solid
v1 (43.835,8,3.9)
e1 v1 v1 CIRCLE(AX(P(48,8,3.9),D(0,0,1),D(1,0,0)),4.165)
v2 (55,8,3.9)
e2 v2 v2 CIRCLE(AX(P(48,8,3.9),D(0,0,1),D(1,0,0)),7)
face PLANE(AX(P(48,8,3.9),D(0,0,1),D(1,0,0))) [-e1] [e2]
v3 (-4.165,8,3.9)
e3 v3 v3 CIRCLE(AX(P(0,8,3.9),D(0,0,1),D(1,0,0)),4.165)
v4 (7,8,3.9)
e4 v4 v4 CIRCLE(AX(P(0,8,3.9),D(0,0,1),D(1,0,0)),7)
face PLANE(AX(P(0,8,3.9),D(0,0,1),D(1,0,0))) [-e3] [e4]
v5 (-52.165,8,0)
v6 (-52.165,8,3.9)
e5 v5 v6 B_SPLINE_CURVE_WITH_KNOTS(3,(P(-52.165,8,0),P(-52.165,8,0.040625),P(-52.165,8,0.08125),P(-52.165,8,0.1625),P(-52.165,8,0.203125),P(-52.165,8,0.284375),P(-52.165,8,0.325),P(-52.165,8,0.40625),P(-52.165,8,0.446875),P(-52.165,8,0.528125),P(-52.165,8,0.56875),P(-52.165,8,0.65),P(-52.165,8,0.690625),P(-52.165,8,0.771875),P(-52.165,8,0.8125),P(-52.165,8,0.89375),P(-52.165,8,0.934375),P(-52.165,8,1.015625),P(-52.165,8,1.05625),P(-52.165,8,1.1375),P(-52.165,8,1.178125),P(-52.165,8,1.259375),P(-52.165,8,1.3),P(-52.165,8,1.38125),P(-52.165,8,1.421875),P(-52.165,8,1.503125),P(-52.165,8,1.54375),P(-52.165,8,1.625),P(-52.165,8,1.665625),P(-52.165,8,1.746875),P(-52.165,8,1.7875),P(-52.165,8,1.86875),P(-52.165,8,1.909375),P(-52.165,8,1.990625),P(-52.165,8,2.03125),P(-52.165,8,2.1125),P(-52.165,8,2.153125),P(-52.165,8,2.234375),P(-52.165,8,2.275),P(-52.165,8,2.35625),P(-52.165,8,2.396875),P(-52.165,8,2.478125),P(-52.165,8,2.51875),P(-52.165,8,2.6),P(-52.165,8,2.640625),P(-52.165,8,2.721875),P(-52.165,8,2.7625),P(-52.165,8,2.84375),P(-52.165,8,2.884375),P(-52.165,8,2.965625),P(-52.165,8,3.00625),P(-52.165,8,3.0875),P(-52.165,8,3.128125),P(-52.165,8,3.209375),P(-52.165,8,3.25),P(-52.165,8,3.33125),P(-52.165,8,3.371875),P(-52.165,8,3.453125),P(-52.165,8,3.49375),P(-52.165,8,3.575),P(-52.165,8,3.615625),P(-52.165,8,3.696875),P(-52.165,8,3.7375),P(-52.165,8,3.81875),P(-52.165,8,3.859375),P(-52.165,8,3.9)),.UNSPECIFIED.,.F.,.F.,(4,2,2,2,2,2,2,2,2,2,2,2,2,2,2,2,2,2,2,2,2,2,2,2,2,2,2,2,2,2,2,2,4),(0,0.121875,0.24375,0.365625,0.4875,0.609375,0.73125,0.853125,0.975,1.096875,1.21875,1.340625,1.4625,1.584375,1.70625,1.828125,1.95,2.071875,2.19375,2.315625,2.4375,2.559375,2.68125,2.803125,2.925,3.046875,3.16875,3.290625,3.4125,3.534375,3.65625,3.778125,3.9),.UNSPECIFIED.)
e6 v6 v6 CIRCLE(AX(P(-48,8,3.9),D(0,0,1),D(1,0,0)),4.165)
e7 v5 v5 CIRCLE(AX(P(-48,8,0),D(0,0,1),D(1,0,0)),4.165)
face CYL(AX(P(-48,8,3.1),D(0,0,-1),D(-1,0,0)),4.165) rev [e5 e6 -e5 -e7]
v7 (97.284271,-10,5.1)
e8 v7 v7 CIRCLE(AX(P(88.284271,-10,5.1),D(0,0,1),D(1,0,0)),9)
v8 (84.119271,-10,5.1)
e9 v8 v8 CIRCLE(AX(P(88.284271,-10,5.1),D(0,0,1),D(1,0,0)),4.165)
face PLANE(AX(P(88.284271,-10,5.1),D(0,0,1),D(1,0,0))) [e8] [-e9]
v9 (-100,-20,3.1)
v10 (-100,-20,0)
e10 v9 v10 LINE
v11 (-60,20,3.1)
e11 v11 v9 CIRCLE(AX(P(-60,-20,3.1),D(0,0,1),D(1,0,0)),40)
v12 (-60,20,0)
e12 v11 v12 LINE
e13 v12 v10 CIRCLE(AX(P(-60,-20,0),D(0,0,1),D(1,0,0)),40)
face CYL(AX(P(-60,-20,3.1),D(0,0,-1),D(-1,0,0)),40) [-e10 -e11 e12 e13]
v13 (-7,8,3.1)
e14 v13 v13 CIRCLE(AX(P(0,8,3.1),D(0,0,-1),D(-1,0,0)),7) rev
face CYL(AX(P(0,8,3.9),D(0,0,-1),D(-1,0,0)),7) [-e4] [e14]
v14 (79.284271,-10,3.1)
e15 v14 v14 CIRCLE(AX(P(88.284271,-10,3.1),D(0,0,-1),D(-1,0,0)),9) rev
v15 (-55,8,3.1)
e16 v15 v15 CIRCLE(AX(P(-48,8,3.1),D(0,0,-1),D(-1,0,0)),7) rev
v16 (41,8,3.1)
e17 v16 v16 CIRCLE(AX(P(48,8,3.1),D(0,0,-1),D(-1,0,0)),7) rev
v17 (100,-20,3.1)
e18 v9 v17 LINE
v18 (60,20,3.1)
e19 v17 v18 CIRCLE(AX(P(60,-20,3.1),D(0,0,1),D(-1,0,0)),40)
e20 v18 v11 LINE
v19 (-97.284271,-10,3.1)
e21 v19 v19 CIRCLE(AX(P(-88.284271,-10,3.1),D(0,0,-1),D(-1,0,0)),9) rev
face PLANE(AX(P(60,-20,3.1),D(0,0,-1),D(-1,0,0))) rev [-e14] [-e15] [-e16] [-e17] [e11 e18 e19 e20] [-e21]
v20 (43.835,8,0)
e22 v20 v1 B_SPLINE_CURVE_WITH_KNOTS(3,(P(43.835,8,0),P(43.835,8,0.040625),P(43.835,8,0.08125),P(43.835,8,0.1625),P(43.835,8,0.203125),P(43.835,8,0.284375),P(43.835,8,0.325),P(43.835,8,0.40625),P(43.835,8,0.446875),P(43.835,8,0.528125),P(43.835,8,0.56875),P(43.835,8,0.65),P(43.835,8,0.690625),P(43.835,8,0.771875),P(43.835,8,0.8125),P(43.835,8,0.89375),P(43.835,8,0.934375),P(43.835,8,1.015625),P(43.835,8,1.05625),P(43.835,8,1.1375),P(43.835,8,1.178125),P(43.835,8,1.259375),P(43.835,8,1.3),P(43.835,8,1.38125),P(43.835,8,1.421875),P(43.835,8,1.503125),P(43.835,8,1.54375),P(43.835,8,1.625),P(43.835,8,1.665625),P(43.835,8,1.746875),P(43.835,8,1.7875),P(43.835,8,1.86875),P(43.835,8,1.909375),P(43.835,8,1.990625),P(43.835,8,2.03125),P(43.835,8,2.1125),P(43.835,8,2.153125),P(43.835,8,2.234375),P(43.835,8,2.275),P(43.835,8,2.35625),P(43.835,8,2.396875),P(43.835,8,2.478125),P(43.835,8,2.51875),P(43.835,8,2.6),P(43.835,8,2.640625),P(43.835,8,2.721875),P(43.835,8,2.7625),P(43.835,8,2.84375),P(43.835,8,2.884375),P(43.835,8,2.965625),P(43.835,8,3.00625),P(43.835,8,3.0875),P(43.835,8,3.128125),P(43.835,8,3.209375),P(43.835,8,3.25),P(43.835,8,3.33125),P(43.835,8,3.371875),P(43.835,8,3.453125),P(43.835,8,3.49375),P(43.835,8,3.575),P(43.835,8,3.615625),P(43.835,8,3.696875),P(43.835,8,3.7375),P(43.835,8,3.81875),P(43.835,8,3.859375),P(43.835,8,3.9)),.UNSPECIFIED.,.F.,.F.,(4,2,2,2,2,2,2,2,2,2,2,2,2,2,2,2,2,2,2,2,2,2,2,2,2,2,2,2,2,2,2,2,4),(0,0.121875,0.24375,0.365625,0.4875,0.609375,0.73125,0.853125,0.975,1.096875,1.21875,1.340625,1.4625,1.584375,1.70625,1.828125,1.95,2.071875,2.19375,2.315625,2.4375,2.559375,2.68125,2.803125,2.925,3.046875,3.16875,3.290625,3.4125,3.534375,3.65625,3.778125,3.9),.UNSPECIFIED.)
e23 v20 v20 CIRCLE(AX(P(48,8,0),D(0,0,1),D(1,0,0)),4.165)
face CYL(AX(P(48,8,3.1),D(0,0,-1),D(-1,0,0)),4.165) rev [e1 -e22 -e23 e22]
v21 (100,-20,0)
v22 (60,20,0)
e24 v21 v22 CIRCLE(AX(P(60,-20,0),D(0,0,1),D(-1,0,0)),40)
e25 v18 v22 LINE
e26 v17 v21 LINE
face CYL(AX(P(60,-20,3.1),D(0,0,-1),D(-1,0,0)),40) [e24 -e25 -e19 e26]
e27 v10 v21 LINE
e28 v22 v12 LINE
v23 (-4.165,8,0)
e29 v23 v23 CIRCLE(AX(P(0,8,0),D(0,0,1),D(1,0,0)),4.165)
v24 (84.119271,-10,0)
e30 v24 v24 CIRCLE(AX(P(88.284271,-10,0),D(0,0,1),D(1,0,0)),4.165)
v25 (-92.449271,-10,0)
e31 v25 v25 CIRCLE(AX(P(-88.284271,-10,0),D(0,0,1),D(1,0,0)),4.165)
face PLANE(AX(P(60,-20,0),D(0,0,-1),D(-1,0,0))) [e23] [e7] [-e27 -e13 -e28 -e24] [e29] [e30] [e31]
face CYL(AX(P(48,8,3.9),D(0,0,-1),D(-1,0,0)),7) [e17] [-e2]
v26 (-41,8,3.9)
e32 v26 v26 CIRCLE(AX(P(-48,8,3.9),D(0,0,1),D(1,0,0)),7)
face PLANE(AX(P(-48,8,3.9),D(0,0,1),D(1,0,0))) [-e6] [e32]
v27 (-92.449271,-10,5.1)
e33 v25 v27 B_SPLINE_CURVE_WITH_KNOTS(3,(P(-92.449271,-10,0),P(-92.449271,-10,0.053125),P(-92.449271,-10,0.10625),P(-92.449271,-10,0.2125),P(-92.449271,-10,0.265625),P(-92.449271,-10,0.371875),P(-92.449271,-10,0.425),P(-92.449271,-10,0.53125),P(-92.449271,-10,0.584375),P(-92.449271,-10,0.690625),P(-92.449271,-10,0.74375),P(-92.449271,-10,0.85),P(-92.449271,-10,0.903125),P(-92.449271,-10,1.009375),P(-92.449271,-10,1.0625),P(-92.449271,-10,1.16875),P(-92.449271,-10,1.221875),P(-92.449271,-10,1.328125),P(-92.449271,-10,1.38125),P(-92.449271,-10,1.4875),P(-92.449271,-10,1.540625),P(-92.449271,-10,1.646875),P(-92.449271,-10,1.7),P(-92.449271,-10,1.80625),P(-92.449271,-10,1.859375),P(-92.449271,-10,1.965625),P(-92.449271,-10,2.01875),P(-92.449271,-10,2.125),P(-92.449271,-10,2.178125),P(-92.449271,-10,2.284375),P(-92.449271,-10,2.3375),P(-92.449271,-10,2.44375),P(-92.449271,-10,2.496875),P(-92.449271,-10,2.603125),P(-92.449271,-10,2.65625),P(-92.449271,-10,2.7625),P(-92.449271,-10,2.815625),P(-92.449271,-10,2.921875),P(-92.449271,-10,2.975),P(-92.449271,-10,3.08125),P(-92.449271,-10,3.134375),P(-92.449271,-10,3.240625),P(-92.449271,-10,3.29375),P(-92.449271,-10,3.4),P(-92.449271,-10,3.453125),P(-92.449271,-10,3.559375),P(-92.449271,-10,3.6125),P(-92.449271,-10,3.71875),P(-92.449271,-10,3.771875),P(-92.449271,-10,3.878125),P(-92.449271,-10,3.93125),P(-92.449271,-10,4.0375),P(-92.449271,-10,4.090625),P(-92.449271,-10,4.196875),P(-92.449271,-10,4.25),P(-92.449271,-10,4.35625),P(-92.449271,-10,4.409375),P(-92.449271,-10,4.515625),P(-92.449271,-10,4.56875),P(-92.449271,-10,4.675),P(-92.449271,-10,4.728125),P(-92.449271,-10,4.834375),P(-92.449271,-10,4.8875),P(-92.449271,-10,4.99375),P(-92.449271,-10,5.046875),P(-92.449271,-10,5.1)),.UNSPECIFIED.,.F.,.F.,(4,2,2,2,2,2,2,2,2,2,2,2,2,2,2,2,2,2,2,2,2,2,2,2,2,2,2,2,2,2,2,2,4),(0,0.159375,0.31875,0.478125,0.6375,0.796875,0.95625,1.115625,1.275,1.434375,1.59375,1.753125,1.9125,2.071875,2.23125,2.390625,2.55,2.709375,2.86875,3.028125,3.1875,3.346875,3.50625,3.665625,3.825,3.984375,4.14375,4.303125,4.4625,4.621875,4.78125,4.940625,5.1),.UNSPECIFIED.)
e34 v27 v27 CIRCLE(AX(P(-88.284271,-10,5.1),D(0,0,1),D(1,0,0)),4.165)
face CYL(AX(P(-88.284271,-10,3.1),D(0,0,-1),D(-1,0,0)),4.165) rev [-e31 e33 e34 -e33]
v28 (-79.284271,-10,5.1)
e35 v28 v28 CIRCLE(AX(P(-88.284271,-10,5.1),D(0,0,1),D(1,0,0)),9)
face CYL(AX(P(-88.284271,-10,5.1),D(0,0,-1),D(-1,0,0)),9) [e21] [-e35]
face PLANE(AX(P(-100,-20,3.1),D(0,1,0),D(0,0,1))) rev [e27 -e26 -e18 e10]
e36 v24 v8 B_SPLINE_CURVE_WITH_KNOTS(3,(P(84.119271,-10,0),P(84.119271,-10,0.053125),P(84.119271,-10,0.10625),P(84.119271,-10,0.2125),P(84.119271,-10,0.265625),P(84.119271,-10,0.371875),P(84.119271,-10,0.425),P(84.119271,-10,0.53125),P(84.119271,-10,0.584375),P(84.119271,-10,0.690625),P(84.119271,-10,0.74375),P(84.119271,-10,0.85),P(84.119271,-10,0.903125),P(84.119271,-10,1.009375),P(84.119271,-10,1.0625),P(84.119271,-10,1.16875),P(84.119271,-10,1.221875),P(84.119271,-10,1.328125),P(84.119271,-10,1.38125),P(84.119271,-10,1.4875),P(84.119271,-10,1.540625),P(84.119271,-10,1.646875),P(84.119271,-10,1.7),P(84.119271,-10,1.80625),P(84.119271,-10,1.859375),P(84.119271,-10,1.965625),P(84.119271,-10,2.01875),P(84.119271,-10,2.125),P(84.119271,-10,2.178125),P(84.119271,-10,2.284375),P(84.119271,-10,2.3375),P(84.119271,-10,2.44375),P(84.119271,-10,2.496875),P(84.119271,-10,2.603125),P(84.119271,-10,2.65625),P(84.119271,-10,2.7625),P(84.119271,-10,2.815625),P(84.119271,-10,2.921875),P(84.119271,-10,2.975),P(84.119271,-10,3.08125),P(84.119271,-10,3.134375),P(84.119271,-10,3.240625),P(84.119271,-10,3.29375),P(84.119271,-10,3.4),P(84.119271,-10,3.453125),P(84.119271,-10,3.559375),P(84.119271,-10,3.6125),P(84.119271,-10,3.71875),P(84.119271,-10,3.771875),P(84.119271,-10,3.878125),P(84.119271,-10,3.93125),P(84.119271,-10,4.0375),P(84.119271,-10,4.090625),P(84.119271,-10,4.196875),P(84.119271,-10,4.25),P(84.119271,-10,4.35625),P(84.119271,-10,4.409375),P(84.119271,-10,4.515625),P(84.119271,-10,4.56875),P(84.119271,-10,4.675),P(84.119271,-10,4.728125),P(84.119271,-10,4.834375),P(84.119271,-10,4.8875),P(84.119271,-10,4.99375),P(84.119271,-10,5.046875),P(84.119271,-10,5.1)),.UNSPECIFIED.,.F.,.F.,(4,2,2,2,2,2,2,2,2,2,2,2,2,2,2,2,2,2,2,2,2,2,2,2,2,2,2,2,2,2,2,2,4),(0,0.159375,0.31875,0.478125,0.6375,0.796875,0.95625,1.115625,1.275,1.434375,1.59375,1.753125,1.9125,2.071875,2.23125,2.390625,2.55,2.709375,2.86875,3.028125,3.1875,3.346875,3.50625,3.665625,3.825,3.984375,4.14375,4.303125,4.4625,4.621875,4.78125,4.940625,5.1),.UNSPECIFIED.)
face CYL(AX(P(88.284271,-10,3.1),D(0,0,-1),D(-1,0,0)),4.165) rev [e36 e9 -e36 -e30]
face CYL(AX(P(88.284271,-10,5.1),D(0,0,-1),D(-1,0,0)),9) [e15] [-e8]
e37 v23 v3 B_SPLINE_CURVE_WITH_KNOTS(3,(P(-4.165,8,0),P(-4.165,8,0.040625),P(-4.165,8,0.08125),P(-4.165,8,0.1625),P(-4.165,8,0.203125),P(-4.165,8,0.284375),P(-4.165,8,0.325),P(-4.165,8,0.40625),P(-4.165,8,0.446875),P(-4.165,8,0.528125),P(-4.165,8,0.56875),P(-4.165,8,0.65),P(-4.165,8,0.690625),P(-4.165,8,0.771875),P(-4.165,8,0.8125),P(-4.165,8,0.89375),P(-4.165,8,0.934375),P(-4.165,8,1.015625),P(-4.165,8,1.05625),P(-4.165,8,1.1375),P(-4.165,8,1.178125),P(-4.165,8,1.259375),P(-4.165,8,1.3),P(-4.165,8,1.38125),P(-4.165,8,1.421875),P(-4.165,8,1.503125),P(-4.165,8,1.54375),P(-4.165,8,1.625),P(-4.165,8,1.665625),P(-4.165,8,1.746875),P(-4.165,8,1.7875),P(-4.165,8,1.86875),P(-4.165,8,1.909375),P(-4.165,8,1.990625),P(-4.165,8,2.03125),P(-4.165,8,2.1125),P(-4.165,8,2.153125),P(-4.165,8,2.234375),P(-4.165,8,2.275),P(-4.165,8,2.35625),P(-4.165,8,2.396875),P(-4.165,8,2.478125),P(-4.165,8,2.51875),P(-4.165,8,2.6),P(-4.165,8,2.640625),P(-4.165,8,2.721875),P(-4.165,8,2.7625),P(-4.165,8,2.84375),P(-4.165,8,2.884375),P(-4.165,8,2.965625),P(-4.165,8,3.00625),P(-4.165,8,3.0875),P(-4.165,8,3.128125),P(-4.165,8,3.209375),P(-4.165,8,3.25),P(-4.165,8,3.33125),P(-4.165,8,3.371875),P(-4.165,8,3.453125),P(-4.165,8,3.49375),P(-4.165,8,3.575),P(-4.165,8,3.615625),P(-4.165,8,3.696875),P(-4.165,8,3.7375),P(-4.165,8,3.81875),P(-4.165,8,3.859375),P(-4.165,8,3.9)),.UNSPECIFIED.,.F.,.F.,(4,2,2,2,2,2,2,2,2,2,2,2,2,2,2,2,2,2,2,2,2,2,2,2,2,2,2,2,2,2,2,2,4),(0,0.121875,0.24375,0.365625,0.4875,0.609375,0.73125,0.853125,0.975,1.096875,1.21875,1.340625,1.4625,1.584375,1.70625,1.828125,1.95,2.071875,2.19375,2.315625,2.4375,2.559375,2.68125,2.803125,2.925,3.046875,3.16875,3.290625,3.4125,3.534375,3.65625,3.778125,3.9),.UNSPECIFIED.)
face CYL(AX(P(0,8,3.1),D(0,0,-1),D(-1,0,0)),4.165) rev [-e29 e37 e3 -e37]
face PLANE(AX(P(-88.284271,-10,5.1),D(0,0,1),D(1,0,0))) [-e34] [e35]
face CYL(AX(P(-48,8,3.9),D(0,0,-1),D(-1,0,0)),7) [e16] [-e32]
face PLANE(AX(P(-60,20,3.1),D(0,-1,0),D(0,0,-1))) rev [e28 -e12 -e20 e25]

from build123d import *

# Parameters (mm, degrees)
SKETCH1_R           = 4.165
BOSS_EXTRUDE1_DEPTH = 3.1
SKETCH2_R           = 7
SKETCH2_R_2         = 4.165
BOSS_EXTRUDE3_DEPTH = 0.8
SKETCH4_R           = 9
SKETCH4_R_2         = 4.165
BOSS_EXTRUDE4_DEPTH = 2


with BuildPart() as part:
    # Sketch1 → Boss-Extrude1 (new body)
    with BuildSketch(Plane.XY):
        with BuildLine():
            Line((-60, 20), (60, 20))
            ThreePointArc((60, 20), (88.284271247, 8.284271247), (100, -20))
            Line((100, -20), (-100, -20))
            ThreePointArc((-100, -20), (-88.284271247, 8.284271247), (-60, 20))
        make_face()
        with Locations(Location((0, 8, 0), (0, 0, 180))):
            Circle(SKETCH1_R, mode=Mode.SUBTRACT)
        with Locations(Location((48, 8, 0), (0, 0, 180))):
            Circle(SKETCH1_R, mode=Mode.SUBTRACT)
        with Locations(Location((-48, 8, 0), (0, 0, 180))):
            Circle(SKETCH1_R, mode=Mode.SUBTRACT)
        with Locations(Location((-88.284271247, -10, 0), (0, 0, 180))):
            Circle(SKETCH1_R, mode=Mode.SUBTRACT)
        with Locations(Location((88.284271247, -10, 0), (0, 0, 180))):
            Circle(SKETCH1_R, mode=Mode.SUBTRACT)
    extrude(amount=BOSS_EXTRUDE1_DEPTH)

    # Sketch2 → Boss-Extrude3 (add)
    # profile 1 of 3: a face of its own
    with BuildSketch(Plane.XY.offset(3.1)):
        with Locations(Location((-48, 8, 0), (0, 0, 180))):
            Circle(SKETCH2_R)
        with Locations(Location((-48, 8, 0), (0, 0, 180))):
            Circle(SKETCH2_R_2, mode=Mode.SUBTRACT)
    # profile 2 of 3: a face of its own
    with BuildSketch(Plane.XY.offset(3.1)):
        with Locations(Location((0, 8, 0), (0, 0, 180))):
            Circle(SKETCH2_R)
        with Locations(Location((0, 8, 0), (0, 0, 180))):
            Circle(SKETCH2_R_2, mode=Mode.SUBTRACT)
    # profile 3 of 3: a face of its own
    with BuildSketch(Plane.XY.offset(3.1)):
        with Locations(Location((48, 8, 0), (0, 0, 180))):
            Circle(SKETCH2_R)
        with Locations(Location((48, 8, 0), (0, 0, 180))):
            Circle(SKETCH2_R_2, mode=Mode.SUBTRACT)
    extrude(amount=BOSS_EXTRUDE3_DEPTH)

    # Sketch4 → Boss-Extrude4 (add)
    # profile 1 of 2: a face of its own
    with BuildSketch(Plane.XY.offset(3.1)):
        with Locations(Location((-88.284271247, -10, 0), (0, 0, 180))):
            Circle(SKETCH4_R)
        with Locations(Location((-88.284271247, -10, 0), (0, 0, 180))):
            Circle(SKETCH4_R_2, mode=Mode.SUBTRACT)
    # profile 2 of 2: a face of its own
    with BuildSketch(Plane.XY.offset(3.1)):
        with Locations(Location((88.284271247, -10, 0), (0, 0, 180))):
            Circle(SKETCH4_R)
        with Locations(Location((88.284271247, -10, 0), (0, 0, 180))):
            Circle(SKETCH4_R_2, mode=Mode.SUBTRACT)
    extrude(amount=BOSS_EXTRUDE4_DEPTH)


solid = part.part
